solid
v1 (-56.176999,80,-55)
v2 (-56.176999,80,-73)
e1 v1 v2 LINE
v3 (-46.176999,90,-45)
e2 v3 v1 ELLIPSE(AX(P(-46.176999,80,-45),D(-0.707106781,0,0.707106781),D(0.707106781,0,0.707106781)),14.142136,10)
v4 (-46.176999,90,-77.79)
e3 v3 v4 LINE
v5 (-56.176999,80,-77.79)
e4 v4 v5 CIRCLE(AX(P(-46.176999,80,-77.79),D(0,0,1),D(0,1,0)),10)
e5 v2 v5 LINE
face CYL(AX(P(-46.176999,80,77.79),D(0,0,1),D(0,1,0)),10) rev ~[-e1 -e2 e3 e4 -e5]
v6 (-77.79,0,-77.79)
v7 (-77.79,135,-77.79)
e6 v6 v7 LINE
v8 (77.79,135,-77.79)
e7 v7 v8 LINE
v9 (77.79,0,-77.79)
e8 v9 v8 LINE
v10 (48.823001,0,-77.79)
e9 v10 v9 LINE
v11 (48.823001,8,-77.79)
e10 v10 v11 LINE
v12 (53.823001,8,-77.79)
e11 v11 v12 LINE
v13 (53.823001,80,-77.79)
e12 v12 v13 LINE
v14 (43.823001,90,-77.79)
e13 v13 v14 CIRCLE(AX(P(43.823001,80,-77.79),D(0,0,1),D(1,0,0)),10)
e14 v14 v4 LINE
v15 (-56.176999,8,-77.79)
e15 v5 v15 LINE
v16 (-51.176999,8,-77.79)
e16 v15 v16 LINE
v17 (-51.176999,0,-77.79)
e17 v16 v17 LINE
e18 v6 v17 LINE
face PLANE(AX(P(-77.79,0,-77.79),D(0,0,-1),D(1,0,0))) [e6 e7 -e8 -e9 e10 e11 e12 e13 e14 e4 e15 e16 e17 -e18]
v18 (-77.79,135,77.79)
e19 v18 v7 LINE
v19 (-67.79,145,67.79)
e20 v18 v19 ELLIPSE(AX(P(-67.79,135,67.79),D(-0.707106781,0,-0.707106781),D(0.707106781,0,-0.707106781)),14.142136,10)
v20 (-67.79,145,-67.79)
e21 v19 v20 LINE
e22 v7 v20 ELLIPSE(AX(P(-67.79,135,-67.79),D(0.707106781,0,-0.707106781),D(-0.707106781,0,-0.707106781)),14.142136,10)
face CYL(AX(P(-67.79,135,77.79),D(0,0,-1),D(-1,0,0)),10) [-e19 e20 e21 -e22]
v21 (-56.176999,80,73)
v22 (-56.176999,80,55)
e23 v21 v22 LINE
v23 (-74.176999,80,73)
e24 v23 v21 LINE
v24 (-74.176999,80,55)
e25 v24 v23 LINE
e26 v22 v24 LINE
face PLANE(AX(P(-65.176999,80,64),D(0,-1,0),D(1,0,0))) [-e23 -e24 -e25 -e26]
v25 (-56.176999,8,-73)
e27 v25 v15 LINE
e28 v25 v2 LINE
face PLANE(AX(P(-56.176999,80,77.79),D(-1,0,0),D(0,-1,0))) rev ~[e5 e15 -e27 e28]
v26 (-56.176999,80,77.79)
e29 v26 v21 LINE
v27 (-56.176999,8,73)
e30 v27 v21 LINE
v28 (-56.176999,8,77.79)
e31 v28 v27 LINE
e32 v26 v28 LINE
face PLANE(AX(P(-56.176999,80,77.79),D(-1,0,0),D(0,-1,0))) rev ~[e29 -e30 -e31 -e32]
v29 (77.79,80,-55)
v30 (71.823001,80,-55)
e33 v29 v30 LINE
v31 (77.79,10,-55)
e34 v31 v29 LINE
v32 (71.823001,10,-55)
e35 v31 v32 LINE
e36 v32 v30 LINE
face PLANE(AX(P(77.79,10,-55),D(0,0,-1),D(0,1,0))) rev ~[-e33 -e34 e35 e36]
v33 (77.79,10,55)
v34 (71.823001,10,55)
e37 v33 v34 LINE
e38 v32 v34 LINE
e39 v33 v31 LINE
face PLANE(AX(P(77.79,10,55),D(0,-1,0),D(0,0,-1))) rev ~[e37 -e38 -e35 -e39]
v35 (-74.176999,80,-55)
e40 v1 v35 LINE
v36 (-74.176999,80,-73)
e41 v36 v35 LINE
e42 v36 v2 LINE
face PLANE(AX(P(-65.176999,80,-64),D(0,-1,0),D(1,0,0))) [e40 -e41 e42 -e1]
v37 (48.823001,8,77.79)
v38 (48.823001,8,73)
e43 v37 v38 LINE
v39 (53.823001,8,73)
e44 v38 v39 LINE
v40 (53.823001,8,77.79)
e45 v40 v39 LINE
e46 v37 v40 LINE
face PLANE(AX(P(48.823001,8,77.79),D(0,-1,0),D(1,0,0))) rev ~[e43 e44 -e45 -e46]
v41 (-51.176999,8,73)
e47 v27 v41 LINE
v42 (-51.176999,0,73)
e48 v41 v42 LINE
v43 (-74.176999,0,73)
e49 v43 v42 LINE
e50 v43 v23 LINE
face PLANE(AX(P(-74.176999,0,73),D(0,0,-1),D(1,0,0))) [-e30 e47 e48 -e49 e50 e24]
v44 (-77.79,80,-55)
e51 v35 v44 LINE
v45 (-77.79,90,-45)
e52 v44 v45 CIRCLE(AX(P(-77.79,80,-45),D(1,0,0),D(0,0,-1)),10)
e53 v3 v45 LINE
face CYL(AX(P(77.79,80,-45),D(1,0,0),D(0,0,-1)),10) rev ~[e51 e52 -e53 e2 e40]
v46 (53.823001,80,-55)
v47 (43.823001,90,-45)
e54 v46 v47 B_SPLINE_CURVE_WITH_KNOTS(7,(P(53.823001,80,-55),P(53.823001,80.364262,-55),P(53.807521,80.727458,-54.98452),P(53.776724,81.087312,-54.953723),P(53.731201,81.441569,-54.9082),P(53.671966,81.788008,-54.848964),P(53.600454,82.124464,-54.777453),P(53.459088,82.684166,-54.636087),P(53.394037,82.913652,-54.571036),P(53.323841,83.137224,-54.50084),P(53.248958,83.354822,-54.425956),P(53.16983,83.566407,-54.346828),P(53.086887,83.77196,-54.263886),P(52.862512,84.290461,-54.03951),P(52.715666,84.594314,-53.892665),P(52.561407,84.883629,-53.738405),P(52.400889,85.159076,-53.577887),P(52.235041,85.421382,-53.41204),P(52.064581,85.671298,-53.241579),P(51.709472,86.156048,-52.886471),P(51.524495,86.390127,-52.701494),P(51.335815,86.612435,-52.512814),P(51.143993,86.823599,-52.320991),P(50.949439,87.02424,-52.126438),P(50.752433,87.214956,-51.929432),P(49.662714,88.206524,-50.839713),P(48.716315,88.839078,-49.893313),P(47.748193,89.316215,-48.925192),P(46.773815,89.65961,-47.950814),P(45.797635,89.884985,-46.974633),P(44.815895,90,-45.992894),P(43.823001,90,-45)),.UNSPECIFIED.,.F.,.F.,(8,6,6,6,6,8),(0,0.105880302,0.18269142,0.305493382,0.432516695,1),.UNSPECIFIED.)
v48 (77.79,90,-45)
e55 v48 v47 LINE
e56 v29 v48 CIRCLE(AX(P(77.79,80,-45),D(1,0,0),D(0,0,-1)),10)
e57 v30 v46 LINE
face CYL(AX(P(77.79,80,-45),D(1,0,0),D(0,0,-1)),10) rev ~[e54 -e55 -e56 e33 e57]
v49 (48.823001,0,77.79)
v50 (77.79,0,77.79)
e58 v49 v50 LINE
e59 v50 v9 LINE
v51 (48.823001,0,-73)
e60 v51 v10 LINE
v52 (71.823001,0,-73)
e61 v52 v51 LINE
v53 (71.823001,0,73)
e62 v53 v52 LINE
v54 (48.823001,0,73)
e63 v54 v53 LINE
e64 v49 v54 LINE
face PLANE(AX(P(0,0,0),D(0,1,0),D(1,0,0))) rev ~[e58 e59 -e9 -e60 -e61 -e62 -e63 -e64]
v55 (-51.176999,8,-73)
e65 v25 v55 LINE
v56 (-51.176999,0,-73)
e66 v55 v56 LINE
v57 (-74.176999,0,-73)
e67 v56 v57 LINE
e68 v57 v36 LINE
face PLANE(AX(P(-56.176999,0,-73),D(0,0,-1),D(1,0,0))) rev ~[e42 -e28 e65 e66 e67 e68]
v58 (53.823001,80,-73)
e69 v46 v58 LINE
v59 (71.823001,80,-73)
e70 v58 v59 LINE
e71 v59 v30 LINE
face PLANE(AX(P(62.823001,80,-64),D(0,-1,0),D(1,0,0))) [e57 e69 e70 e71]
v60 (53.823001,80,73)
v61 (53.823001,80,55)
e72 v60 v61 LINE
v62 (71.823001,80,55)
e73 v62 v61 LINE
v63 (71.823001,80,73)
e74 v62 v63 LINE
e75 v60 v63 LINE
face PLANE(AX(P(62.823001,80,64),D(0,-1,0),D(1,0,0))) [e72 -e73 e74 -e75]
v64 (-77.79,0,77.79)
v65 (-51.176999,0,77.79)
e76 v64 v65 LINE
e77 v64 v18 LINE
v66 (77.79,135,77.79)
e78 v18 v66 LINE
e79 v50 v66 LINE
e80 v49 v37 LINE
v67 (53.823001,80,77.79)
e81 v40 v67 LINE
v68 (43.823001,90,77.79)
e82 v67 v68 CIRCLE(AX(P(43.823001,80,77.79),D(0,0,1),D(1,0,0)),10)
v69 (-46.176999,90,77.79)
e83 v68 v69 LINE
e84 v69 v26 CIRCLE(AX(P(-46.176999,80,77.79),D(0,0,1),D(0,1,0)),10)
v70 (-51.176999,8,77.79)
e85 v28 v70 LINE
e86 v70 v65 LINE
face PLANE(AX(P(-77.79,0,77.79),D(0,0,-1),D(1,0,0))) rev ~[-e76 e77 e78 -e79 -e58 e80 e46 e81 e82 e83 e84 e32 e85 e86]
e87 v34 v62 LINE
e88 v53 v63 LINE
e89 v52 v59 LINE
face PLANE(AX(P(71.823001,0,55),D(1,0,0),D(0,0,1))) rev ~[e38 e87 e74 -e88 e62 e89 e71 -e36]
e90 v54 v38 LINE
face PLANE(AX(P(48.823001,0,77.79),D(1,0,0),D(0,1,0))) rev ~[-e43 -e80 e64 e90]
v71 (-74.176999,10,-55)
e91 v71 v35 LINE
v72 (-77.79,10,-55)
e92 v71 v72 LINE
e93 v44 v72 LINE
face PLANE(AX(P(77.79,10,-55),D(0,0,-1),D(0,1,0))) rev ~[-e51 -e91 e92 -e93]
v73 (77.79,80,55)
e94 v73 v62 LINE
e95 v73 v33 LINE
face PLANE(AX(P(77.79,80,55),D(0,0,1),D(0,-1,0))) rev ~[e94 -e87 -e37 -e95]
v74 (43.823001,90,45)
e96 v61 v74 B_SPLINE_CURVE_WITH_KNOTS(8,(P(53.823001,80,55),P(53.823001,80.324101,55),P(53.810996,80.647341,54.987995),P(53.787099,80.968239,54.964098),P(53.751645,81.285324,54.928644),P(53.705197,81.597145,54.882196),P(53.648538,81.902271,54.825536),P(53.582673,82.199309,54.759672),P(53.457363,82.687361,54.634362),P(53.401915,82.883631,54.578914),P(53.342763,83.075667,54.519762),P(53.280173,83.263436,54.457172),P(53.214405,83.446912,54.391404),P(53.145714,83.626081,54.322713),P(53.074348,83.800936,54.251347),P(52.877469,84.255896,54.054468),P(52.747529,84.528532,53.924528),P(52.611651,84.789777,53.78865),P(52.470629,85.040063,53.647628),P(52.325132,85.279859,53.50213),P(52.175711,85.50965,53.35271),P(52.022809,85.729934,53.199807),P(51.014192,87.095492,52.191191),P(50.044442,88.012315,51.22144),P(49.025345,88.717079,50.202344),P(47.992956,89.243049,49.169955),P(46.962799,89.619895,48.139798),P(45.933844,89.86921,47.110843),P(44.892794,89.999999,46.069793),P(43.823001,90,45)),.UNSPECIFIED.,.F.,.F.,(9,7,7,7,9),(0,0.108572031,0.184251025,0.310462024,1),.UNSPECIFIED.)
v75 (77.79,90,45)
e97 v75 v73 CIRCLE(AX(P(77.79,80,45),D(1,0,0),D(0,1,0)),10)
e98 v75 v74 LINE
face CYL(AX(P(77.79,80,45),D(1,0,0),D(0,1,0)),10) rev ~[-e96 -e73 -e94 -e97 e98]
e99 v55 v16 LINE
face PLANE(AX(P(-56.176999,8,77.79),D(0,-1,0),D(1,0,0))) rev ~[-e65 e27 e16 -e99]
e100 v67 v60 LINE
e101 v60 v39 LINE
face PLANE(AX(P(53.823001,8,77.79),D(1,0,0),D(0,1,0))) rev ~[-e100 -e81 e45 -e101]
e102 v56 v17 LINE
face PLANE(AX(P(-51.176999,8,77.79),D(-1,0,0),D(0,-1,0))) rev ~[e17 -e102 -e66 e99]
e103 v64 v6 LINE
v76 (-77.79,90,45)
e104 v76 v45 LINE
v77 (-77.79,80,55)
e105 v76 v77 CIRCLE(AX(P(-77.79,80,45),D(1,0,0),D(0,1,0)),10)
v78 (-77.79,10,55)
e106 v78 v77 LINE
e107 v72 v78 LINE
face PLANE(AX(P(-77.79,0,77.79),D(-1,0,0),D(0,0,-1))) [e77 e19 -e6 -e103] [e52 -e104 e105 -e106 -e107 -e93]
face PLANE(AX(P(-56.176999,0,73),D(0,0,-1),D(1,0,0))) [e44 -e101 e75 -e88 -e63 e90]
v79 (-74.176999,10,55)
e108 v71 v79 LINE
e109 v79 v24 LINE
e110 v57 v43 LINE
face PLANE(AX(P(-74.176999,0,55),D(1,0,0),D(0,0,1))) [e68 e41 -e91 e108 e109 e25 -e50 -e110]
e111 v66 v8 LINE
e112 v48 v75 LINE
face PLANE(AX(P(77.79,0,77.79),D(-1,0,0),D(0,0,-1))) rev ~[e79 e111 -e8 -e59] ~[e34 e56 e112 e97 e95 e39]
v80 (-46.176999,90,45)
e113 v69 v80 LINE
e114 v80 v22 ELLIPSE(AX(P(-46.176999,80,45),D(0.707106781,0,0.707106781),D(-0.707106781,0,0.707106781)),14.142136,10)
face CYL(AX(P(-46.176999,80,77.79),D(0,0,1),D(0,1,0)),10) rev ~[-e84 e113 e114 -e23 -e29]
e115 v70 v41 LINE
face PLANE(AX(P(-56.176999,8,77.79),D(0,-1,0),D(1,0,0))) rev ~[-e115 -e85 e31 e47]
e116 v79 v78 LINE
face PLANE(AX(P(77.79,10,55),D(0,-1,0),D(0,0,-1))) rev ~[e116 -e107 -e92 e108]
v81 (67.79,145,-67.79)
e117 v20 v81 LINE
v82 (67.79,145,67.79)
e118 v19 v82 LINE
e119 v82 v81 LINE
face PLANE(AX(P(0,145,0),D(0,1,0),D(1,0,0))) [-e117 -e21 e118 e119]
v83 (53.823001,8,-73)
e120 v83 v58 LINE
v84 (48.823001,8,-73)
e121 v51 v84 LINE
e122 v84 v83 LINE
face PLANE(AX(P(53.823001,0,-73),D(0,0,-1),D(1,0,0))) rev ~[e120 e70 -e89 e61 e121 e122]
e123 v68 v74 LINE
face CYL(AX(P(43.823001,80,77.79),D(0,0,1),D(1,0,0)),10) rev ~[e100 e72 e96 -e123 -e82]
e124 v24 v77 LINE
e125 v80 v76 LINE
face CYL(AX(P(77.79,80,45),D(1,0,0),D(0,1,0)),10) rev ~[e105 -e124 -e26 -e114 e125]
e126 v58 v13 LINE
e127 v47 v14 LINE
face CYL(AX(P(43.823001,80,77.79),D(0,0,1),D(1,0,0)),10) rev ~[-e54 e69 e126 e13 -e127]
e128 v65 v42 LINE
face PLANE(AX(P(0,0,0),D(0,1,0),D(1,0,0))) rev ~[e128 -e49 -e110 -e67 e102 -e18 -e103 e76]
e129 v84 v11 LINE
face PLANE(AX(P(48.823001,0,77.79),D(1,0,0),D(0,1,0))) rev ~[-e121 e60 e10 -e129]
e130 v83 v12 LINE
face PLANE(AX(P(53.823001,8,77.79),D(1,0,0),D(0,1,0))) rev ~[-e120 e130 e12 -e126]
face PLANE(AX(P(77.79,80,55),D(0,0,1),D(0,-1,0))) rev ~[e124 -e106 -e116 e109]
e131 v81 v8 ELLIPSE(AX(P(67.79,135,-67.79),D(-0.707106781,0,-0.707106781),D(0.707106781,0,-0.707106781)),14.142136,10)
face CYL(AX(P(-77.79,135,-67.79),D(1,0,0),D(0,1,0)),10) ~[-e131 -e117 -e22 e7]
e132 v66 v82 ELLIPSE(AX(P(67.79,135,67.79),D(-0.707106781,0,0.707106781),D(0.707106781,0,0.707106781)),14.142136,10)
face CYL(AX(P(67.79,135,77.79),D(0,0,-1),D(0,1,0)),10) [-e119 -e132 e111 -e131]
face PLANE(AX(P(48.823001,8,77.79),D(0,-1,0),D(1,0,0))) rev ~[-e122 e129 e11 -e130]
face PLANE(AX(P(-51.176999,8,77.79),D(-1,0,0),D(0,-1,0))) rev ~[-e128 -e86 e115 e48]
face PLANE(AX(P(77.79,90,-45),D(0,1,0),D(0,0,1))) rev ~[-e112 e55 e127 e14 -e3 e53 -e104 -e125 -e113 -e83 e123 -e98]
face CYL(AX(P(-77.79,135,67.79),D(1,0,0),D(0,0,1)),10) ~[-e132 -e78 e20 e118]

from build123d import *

# Parameters (mm, degrees)
SKETCH1_W           = 155.58
SKETCH1_H           = 155.58
BOSS_EXTRUDE1_DEPTH = 145
CUT_EXTRUDE1_REACH  = 228.454
CUT_EXTRUDE2_DEPTH  = 155.8
SKETCH4_W           = 18
SKETCH4_H           = 18
CUT_EXTRUDE3_DEPTH  = 80
FILLET1_R           = 10
SKETCH5_W           = 18
SKETCH5_H           = 110
CUT_EXTRUDE4_DEPTH  = 10
SKETCH6_W           = 110
SKETCH6_H           = 146
CUT_EXTRUDE5_DEPTH  = 10


with BuildPart() as part:
    # Sketch1 → Boss-Extrude1 (new body)
    with BuildSketch(Plane(origin=(0, 0, 0), x_dir=(1, 0, 0), z_dir=(0, 1, 0))):
        Rectangle(SKETCH1_W, SKETCH1_H)
    extrude(amount=BOSS_EXTRUDE1_DEPTH)

    # Sketch2 → Cut-Extrude1 (cut, up to next)
    with BuildSketch(Plane.XY.offset(77.79), mode=Mode.PRIVATE) as cut_extrude1_sk1:
        with BuildLine():
            Line((43.823001254, 90), (-46.176998746, 90))
            ThreePointArc((-46.176998746, 90), (-53.248066558, 87.071067812), (-56.176998746, 80))
            Line((-56.176998746, 80), (-56.176998746, 8))
            Line((-56.176998746, 8), (-51.176998746, 8))
            Line((-51.176998746, 8), (-51.176998746, 0))
            Line((-51.176998746, 0), (48.823001254, 0))
            Line((48.823001254, 0), (48.823001254, 8))
            Line((48.823001254, 8), (53.823001254, 8))
            Line((53.823001254, 8), (53.823001254, 80))
            ThreePointArc((53.823001254, 80), (50.894069065, 87.071067812), (43.823001254, 90))
        make_face()
    cut_extrude1_tool1 = extrude(cut_extrude1_sk1.sketch, amount=-CUT_EXTRUDE1_REACH, mode=Mode.PRIVATE) & part.part
    add(cut_extrude1_tool1.solids().sort_by_distance((-1.176999, 45.147739, 77.79))[0], mode=Mode.SUBTRACT)

    # Sketch3 → Cut-Extrude2 (cut)
    with BuildSketch(Plane(origin=(77.79, 0, 0), x_dir=(0, 0, -1), z_dir=(1, 0, 0))):
        with BuildLine():
            Line((-55, 80), (-55, 10))
            Line((-55, 10), (55, 10))
            Line((55, 10), (55, 80))
            ThreePointArc((55, 80), (52.071067812, 87.071067812), (45, 90))
            Line((45, 90), (-45, 90))
            ThreePointArc((-45, 90), (-52.071067812, 87.071067812), (-55, 80))
        make_face()
    extrude(amount=-CUT_EXTRUDE2_DEPTH, mode=Mode.SUBTRACT)

    # Sketch4 → Cut-Extrude3 (cut)
    with BuildSketch(Plane.XZ):
        with Locations((62.823001254, -64)):
            Rectangle(SKETCH4_W, SKETCH4_H)
        with Locations((-65.176998746, -64)):
            Rectangle(SKETCH4_W, SKETCH4_H)
        with Locations((62.823001254, 64)):
            Rectangle(SKETCH4_W, SKETCH4_H)
        with Locations((-65.176998746, 64)):
            Rectangle(SKETCH4_W, SKETCH4_H)
    extrude(amount=-CUT_EXTRUDE3_DEPTH, mode=Mode.SUBTRACT)

    # Fillet1
    fillet1_edges = [part.edges().sort_by_distance(p)[0] for p in [
        (-77.79, 145, 0),
        (0, 145, 77.79),
        (77.79, 145, 0),
        (0, 145, -77.79),
    ]]
    fillet(fillet1_edges, radius=FILLET1_R)

    # Sketch5 → Cut-Extrude4 (cut)
    with BuildSketch(Plane.XZ):
        with Locations((-65.176998746, 0)):
            Rectangle(SKETCH5_W, SKETCH5_H)
        with Locations((62.823001254, 0)):
            Rectangle(SKETCH5_W, SKETCH5_H)
    extrude(amount=-CUT_EXTRUDE4_DEPTH, mode=Mode.SUBTRACT)

    # Sketch6 → Cut-Extrude5 (cut)
    with BuildSketch(Plane.XZ):
        with Locations((-1.176998746, 0)):
            Rectangle(SKETCH6_W, SKETCH6_H)
    extrude(amount=-CUT_EXTRUDE5_DEPTH, mode=Mode.SUBTRACT)


solid = part.part
